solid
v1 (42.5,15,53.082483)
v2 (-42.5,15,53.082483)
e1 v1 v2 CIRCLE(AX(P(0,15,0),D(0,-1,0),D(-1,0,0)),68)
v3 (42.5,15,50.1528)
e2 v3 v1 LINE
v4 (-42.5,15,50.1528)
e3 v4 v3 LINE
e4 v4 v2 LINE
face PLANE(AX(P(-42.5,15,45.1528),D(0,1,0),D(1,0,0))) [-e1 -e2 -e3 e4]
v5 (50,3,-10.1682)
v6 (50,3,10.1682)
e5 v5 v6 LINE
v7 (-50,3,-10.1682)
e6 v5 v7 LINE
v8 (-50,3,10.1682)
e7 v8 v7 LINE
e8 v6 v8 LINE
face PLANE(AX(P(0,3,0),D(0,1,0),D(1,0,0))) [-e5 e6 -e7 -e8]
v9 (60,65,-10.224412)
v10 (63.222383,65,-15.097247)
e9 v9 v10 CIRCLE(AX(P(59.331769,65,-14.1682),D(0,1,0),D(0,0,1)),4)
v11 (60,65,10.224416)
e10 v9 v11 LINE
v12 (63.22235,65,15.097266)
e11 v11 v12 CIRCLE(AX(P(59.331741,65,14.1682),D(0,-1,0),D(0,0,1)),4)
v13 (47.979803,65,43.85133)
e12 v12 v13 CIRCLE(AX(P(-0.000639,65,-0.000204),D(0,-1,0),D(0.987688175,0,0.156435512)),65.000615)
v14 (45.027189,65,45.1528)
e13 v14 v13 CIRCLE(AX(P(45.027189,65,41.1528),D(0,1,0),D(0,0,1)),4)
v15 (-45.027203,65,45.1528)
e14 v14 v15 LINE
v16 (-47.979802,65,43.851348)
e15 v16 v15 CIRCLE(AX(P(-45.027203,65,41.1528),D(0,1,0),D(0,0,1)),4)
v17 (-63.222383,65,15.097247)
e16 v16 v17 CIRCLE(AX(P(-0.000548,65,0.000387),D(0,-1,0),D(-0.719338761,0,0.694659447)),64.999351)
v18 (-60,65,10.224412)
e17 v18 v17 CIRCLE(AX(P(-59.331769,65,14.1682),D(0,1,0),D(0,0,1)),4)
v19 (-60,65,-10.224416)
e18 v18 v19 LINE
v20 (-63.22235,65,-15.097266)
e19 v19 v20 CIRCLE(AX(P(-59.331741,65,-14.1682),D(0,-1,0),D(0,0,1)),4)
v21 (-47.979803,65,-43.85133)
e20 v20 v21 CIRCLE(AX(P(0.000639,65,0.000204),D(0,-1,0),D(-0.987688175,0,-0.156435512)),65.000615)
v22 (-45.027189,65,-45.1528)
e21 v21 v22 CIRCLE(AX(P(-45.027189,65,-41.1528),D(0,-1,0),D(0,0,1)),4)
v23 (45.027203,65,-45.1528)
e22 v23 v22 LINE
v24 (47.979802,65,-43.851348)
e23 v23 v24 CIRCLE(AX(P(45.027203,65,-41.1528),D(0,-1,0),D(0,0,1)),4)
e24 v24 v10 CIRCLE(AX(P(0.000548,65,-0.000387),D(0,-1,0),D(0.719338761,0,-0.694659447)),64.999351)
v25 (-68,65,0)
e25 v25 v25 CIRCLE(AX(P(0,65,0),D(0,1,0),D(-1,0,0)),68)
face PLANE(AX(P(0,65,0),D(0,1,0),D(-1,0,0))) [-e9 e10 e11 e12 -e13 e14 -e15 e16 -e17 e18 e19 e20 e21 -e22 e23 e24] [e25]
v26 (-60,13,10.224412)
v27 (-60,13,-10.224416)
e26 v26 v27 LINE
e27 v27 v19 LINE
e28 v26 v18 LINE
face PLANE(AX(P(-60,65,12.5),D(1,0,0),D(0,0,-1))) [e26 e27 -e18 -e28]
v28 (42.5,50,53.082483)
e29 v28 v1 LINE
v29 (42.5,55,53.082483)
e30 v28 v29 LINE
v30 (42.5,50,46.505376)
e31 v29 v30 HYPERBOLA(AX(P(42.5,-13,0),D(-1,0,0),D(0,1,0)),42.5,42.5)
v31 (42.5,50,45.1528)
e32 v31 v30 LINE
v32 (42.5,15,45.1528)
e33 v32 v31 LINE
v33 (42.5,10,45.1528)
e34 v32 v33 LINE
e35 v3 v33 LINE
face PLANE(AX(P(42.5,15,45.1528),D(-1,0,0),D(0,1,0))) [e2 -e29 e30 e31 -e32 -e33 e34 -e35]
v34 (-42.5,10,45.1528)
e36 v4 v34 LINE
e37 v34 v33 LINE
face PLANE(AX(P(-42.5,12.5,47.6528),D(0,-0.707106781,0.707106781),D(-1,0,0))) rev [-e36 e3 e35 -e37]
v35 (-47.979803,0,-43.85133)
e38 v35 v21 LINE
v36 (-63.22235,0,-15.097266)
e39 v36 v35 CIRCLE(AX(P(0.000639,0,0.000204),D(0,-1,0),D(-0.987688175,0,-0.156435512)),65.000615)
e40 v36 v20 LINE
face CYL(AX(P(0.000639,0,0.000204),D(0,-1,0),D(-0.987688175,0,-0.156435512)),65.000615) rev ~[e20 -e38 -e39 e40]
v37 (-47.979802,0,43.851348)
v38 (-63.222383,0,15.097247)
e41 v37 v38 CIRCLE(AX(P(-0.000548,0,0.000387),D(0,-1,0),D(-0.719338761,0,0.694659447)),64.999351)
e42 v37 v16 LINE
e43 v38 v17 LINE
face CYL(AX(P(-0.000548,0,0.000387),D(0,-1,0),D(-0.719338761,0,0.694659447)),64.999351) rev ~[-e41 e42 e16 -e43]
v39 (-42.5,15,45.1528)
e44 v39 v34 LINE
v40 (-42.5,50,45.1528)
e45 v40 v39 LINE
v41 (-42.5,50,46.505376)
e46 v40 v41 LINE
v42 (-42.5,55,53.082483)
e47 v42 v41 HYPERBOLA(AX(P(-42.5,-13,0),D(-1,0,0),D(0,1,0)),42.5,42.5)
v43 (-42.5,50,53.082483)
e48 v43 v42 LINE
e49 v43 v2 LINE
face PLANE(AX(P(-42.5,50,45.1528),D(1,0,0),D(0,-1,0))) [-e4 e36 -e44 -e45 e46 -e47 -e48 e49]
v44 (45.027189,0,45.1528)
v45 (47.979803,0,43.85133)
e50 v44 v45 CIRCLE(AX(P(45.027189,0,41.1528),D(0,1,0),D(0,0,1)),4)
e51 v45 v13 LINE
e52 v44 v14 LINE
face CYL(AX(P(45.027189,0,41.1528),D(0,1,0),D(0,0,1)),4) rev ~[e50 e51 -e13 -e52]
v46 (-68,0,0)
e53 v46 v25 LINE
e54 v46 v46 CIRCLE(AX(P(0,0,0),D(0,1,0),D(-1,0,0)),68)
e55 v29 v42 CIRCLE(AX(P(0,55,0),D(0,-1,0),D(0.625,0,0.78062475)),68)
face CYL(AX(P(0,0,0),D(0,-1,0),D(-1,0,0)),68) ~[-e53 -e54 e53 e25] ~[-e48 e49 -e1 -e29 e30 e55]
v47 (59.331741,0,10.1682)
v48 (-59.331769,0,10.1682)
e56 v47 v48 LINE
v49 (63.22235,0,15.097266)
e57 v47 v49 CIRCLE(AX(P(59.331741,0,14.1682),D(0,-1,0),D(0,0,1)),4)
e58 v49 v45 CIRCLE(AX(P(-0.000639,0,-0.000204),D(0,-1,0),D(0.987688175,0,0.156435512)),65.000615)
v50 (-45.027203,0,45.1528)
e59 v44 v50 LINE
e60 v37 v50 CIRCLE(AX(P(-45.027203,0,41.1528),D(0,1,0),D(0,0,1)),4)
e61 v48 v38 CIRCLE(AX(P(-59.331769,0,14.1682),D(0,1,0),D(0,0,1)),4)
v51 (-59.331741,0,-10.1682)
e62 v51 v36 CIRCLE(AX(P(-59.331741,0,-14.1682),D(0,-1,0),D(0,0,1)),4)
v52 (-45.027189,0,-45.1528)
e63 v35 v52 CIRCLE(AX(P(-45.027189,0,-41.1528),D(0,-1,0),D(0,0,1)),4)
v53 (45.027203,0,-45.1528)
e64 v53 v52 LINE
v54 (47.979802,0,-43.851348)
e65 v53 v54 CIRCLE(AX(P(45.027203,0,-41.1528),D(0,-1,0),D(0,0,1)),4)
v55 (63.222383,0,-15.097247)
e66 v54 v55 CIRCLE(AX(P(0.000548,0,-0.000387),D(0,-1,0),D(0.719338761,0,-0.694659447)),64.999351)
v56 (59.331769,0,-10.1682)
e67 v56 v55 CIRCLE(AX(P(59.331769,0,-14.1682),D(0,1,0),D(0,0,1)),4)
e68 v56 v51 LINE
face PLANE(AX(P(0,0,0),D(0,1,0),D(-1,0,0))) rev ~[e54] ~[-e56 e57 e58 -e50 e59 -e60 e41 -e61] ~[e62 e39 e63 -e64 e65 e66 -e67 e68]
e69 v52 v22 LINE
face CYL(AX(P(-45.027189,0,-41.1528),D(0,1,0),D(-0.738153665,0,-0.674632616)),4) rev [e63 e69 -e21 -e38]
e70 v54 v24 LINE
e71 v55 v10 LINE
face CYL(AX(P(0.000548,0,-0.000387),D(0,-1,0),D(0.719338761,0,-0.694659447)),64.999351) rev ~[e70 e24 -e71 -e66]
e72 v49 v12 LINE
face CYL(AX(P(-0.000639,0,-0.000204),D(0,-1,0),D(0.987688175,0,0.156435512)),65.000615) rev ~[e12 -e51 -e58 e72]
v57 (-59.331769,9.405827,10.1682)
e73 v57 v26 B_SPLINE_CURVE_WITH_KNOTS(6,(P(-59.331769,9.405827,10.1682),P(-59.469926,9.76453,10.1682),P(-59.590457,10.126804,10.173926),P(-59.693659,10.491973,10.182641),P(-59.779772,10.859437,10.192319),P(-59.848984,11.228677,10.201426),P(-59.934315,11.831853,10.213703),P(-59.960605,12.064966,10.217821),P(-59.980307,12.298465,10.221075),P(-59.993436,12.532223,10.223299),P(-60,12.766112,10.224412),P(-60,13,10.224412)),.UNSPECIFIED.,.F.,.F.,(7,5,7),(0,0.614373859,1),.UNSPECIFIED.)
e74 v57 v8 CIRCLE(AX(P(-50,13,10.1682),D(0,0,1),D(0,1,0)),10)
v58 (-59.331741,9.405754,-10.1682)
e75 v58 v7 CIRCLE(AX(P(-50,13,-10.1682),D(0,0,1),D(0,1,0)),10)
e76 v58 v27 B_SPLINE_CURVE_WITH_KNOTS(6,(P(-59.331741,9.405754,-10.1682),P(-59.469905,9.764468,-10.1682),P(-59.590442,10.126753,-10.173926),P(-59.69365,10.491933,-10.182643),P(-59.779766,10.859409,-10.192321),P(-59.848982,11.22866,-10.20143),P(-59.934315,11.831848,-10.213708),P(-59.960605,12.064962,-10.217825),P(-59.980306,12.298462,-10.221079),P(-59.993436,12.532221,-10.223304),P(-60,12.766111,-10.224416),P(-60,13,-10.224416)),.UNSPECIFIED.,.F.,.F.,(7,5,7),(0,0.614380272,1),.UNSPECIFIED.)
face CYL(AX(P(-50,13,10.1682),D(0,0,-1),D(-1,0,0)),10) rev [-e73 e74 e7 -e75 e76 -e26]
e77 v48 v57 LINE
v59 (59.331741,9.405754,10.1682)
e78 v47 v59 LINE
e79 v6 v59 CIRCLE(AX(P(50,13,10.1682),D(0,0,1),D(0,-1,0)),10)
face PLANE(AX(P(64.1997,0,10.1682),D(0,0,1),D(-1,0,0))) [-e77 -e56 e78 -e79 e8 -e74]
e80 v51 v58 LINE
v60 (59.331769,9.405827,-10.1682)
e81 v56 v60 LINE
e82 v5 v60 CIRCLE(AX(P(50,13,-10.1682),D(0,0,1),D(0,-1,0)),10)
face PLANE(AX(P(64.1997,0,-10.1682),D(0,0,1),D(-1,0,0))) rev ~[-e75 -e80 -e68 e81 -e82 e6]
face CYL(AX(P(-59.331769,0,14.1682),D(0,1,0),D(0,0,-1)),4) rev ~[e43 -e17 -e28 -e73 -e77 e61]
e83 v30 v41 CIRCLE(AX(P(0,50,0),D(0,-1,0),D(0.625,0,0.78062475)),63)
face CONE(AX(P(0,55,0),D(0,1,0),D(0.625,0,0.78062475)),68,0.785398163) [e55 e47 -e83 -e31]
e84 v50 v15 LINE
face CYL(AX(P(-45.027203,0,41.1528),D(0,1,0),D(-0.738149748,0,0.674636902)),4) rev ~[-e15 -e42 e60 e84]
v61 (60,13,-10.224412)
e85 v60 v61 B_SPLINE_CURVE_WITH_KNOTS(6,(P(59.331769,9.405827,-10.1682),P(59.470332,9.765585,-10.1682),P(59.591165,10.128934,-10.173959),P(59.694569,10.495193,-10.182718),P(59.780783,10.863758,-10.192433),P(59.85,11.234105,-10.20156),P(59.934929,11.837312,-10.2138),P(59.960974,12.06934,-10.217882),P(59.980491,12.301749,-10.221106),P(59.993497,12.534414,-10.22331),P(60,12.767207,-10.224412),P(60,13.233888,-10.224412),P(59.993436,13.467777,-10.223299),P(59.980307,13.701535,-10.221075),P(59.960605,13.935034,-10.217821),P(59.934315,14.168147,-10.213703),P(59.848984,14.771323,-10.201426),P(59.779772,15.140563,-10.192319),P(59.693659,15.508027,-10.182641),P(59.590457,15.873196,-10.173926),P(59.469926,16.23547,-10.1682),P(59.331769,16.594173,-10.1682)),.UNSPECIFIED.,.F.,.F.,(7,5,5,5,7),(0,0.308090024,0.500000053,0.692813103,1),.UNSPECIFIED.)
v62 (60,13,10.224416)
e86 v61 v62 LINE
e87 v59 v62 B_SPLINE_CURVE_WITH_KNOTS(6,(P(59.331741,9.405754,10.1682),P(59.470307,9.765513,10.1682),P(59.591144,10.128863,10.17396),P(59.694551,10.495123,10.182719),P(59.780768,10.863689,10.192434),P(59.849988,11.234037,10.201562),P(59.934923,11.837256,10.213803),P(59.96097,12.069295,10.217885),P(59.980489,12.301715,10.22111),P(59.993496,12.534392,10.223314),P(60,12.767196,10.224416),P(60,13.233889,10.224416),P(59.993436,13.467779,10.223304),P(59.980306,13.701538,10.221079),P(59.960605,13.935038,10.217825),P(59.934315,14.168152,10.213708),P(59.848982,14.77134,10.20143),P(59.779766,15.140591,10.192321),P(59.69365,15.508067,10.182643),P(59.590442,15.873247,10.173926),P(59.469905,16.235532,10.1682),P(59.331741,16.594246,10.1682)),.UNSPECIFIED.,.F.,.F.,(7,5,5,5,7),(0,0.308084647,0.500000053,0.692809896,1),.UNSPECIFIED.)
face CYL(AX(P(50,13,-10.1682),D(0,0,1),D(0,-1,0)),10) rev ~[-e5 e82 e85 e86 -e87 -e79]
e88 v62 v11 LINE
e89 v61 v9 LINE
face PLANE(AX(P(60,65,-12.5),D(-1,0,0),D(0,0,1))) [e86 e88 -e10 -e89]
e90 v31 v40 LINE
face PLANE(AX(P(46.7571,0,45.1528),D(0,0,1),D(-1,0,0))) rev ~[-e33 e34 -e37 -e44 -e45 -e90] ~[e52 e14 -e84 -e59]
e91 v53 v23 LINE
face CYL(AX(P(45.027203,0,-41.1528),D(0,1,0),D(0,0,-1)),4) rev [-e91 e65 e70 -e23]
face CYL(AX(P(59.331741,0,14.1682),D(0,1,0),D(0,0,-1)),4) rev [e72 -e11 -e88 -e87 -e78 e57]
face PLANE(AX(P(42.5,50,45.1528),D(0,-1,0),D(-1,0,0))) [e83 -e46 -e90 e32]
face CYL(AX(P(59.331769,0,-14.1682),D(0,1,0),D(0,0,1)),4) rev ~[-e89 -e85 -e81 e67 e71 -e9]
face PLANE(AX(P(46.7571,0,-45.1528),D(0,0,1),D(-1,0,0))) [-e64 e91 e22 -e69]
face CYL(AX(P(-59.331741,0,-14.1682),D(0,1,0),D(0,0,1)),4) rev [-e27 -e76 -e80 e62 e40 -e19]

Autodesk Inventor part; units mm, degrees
ref_plane "YZ Plane" through (0, 0, 0) normal (1, 0, 0) x (0, 1, 0)
ref_plane "XZ Plane" through (0, 0, 0) normal (0, 1, 0) x (-1, 0, 0)
ref_plane "XY Plane" through (0, 0, 0) normal (0, 0, 1) x (1, 0, 0)
sketch "Эскиз1" plane through (0, 0, 0) normal (0, 1, 0) x (-1, 0, 0)
  circle A0 centre (0, 0) radius 68
  dimension "d0" = 136
extrude "Выдавливание1" add sketch "Эскиз1" along normal blind 65
sketch "Эскиз2" plane through (0, 0, 0) normal (0, -1, 0) x (1, 0, 0)
  arc A0 (46.7571, -45.1528) -> (64.1997, -10.1682) centre (0, 0) ccw
  line L0 (0, 0) -> (64.1997, -10.1682) construction
  line L1 (0, 0) -> (65, 0) construction
  line L2 (0, 0) -> (46.7571, -45.1528) construction
  arc A1 (-64.1997, -10.1682) -> (-46.7571, -45.1528) centre (0, 0) ccw
  line L3 (0, 0) -> (-64.1997, -10.1682) construction
  line L4 (0, 0) -> (65, 0) construction
  line L5 (0, 0) -> (-46.7571, -45.1528) construction
  line L6 (46.7571, -45.1528) -> (-46.7571, -45.1528)
  line L7 (64.1997, -10.1682) -> (-64.1997, -10.1682)
  dimension "d3" = 65
  dimension "d4" = 9
  dimension "d5" = 35
  dimension "d6" = 65
  dimension "d7" = 171
  dimension "d8" = 35
extrude "Выдавливание2" cut sketch "Эскиз2" against normal blind 65
sketch "Эскиз3" plane through (0, 0, 0) normal (0, -1, 0) x (1, 0, 0)
  arc A0 (64.1997, 10.1682) -> (46.7571, 45.1528) centre (0, 0) ccw
  line L0 (0, 0) -> (64.1997, 10.1682) construction
  line L1 (0, 0) -> (65, 0) construction
  line L2 (0, 0) -> (46.7571, 45.1528) construction
  arc A1 (-46.7571, 45.1528) -> (-64.1997, 10.1682) centre (0, 0) ccw
  line L3 (0, 0) -> (-64.1997, 10.1682) construction
  line L4 (0, 0) -> (65, 0) construction
  line L5 (0, 0) -> (-46.7571, 45.1528) construction
  line L6 (46.7571, 45.1528) -> (-46.7571, 45.1528)
  line L7 (64.1997, 10.1682) -> (-64.1997, 10.1682)
  dimension "d11" = 65
  dimension "d12" = 9
  dimension "d13" = 35
  dimension "d14" = 65
  dimension "d15" = 171
  dimension "d16" = 35
extrude "Выдавливание3" cut sketch "Эскиз3" against normal blind 65
sketch "Эскиз4" plane through (0, 65, 0) normal (0, 1, 0) x (1, 0, 0)
  line L0 (-60, 12.5) -> (60, 12.5)
  line L1 (60, 12.5) -> (60, -12.5)
  line L2 (60, -12.5) -> (-60, -12.5)
  line L3 (-60, -12.5) -> (-60, 12.5)
  line L4 (-60, 12.5) -> (60, -12.5) construction
  line L5 (60, 12.5) -> (-60, -12.5) construction
  point P0 (0, 0)
  dimension "d19" = 120
  dimension "d20" = 25
extrude "Выдавливание4" cut sketch "Эскиз4" against normal blind 62
sketch "Эскиз5" plane through (46.7571, 0, 45.1528) normal (0, 0, -1) x (-1, 0, 0)
  line L0 (89.2571, 15) -> (4.2571, 15)
  line L1 (4.2571, 15) -> (4.2571, 50)
  line L2 (4.2571, 50) -> (89.2571, 50)
  line L3 (89.2571, 50) -> (89.2571, 15)
  line L4 (89.2571, 15) -> (4.2571, 50) construction
  line L5 (4.2571, 15) -> (89.2571, 50) construction
  point P0 (46.7571, 0)
  point P1 (46.7571, 32.5)
  dimension "d23" = 85
  dimension "d24" = 35
extrude "Выдавливание5" cut sketch "Эскиз5" against normal blind 62
chamfer "Фаска1" distance 5 angle 45 1 edges at (0, 15, 45.1528)
chamfer "Фаска2" distance 5 angle 45 1 edges at (0, 50, 68)
fillet "Сопряжение1" radius 10 1 edges at (-60, 3, 0)
fillet "Сопряжение2" radius 10 1 edges at (60, 3, 0)
fillet "Сопряжение3" radius 4 1 edges at (-64.1997, 32.5, 10.1682)
fillet "Сопряжение4" radius 4 1 edges at (-64.1997, 32.5, -10.1682)
fillet "Сопряжение5" radius 4 1 edges at (64.1997, 32.5, -10.1682)
fillet "Сопряжение6" radius 4 1 edges at (64.1997, 32.5, 10.1682)
fillet "Сопряжение7" radius 4 1 edges at (-46.7571, 32.5, -45.1528)
fillet "Сопряжение8" radius 4 1 edges at (46.7571, 32.5, -45.1528)
fillet "Сопряжение9" radius 4 1 edges at (-46.7571, 32.5, 45.1528)
fillet "Сопряжение10" radius 4 1 edges at (46.7571, 32.5, 45.1528)
